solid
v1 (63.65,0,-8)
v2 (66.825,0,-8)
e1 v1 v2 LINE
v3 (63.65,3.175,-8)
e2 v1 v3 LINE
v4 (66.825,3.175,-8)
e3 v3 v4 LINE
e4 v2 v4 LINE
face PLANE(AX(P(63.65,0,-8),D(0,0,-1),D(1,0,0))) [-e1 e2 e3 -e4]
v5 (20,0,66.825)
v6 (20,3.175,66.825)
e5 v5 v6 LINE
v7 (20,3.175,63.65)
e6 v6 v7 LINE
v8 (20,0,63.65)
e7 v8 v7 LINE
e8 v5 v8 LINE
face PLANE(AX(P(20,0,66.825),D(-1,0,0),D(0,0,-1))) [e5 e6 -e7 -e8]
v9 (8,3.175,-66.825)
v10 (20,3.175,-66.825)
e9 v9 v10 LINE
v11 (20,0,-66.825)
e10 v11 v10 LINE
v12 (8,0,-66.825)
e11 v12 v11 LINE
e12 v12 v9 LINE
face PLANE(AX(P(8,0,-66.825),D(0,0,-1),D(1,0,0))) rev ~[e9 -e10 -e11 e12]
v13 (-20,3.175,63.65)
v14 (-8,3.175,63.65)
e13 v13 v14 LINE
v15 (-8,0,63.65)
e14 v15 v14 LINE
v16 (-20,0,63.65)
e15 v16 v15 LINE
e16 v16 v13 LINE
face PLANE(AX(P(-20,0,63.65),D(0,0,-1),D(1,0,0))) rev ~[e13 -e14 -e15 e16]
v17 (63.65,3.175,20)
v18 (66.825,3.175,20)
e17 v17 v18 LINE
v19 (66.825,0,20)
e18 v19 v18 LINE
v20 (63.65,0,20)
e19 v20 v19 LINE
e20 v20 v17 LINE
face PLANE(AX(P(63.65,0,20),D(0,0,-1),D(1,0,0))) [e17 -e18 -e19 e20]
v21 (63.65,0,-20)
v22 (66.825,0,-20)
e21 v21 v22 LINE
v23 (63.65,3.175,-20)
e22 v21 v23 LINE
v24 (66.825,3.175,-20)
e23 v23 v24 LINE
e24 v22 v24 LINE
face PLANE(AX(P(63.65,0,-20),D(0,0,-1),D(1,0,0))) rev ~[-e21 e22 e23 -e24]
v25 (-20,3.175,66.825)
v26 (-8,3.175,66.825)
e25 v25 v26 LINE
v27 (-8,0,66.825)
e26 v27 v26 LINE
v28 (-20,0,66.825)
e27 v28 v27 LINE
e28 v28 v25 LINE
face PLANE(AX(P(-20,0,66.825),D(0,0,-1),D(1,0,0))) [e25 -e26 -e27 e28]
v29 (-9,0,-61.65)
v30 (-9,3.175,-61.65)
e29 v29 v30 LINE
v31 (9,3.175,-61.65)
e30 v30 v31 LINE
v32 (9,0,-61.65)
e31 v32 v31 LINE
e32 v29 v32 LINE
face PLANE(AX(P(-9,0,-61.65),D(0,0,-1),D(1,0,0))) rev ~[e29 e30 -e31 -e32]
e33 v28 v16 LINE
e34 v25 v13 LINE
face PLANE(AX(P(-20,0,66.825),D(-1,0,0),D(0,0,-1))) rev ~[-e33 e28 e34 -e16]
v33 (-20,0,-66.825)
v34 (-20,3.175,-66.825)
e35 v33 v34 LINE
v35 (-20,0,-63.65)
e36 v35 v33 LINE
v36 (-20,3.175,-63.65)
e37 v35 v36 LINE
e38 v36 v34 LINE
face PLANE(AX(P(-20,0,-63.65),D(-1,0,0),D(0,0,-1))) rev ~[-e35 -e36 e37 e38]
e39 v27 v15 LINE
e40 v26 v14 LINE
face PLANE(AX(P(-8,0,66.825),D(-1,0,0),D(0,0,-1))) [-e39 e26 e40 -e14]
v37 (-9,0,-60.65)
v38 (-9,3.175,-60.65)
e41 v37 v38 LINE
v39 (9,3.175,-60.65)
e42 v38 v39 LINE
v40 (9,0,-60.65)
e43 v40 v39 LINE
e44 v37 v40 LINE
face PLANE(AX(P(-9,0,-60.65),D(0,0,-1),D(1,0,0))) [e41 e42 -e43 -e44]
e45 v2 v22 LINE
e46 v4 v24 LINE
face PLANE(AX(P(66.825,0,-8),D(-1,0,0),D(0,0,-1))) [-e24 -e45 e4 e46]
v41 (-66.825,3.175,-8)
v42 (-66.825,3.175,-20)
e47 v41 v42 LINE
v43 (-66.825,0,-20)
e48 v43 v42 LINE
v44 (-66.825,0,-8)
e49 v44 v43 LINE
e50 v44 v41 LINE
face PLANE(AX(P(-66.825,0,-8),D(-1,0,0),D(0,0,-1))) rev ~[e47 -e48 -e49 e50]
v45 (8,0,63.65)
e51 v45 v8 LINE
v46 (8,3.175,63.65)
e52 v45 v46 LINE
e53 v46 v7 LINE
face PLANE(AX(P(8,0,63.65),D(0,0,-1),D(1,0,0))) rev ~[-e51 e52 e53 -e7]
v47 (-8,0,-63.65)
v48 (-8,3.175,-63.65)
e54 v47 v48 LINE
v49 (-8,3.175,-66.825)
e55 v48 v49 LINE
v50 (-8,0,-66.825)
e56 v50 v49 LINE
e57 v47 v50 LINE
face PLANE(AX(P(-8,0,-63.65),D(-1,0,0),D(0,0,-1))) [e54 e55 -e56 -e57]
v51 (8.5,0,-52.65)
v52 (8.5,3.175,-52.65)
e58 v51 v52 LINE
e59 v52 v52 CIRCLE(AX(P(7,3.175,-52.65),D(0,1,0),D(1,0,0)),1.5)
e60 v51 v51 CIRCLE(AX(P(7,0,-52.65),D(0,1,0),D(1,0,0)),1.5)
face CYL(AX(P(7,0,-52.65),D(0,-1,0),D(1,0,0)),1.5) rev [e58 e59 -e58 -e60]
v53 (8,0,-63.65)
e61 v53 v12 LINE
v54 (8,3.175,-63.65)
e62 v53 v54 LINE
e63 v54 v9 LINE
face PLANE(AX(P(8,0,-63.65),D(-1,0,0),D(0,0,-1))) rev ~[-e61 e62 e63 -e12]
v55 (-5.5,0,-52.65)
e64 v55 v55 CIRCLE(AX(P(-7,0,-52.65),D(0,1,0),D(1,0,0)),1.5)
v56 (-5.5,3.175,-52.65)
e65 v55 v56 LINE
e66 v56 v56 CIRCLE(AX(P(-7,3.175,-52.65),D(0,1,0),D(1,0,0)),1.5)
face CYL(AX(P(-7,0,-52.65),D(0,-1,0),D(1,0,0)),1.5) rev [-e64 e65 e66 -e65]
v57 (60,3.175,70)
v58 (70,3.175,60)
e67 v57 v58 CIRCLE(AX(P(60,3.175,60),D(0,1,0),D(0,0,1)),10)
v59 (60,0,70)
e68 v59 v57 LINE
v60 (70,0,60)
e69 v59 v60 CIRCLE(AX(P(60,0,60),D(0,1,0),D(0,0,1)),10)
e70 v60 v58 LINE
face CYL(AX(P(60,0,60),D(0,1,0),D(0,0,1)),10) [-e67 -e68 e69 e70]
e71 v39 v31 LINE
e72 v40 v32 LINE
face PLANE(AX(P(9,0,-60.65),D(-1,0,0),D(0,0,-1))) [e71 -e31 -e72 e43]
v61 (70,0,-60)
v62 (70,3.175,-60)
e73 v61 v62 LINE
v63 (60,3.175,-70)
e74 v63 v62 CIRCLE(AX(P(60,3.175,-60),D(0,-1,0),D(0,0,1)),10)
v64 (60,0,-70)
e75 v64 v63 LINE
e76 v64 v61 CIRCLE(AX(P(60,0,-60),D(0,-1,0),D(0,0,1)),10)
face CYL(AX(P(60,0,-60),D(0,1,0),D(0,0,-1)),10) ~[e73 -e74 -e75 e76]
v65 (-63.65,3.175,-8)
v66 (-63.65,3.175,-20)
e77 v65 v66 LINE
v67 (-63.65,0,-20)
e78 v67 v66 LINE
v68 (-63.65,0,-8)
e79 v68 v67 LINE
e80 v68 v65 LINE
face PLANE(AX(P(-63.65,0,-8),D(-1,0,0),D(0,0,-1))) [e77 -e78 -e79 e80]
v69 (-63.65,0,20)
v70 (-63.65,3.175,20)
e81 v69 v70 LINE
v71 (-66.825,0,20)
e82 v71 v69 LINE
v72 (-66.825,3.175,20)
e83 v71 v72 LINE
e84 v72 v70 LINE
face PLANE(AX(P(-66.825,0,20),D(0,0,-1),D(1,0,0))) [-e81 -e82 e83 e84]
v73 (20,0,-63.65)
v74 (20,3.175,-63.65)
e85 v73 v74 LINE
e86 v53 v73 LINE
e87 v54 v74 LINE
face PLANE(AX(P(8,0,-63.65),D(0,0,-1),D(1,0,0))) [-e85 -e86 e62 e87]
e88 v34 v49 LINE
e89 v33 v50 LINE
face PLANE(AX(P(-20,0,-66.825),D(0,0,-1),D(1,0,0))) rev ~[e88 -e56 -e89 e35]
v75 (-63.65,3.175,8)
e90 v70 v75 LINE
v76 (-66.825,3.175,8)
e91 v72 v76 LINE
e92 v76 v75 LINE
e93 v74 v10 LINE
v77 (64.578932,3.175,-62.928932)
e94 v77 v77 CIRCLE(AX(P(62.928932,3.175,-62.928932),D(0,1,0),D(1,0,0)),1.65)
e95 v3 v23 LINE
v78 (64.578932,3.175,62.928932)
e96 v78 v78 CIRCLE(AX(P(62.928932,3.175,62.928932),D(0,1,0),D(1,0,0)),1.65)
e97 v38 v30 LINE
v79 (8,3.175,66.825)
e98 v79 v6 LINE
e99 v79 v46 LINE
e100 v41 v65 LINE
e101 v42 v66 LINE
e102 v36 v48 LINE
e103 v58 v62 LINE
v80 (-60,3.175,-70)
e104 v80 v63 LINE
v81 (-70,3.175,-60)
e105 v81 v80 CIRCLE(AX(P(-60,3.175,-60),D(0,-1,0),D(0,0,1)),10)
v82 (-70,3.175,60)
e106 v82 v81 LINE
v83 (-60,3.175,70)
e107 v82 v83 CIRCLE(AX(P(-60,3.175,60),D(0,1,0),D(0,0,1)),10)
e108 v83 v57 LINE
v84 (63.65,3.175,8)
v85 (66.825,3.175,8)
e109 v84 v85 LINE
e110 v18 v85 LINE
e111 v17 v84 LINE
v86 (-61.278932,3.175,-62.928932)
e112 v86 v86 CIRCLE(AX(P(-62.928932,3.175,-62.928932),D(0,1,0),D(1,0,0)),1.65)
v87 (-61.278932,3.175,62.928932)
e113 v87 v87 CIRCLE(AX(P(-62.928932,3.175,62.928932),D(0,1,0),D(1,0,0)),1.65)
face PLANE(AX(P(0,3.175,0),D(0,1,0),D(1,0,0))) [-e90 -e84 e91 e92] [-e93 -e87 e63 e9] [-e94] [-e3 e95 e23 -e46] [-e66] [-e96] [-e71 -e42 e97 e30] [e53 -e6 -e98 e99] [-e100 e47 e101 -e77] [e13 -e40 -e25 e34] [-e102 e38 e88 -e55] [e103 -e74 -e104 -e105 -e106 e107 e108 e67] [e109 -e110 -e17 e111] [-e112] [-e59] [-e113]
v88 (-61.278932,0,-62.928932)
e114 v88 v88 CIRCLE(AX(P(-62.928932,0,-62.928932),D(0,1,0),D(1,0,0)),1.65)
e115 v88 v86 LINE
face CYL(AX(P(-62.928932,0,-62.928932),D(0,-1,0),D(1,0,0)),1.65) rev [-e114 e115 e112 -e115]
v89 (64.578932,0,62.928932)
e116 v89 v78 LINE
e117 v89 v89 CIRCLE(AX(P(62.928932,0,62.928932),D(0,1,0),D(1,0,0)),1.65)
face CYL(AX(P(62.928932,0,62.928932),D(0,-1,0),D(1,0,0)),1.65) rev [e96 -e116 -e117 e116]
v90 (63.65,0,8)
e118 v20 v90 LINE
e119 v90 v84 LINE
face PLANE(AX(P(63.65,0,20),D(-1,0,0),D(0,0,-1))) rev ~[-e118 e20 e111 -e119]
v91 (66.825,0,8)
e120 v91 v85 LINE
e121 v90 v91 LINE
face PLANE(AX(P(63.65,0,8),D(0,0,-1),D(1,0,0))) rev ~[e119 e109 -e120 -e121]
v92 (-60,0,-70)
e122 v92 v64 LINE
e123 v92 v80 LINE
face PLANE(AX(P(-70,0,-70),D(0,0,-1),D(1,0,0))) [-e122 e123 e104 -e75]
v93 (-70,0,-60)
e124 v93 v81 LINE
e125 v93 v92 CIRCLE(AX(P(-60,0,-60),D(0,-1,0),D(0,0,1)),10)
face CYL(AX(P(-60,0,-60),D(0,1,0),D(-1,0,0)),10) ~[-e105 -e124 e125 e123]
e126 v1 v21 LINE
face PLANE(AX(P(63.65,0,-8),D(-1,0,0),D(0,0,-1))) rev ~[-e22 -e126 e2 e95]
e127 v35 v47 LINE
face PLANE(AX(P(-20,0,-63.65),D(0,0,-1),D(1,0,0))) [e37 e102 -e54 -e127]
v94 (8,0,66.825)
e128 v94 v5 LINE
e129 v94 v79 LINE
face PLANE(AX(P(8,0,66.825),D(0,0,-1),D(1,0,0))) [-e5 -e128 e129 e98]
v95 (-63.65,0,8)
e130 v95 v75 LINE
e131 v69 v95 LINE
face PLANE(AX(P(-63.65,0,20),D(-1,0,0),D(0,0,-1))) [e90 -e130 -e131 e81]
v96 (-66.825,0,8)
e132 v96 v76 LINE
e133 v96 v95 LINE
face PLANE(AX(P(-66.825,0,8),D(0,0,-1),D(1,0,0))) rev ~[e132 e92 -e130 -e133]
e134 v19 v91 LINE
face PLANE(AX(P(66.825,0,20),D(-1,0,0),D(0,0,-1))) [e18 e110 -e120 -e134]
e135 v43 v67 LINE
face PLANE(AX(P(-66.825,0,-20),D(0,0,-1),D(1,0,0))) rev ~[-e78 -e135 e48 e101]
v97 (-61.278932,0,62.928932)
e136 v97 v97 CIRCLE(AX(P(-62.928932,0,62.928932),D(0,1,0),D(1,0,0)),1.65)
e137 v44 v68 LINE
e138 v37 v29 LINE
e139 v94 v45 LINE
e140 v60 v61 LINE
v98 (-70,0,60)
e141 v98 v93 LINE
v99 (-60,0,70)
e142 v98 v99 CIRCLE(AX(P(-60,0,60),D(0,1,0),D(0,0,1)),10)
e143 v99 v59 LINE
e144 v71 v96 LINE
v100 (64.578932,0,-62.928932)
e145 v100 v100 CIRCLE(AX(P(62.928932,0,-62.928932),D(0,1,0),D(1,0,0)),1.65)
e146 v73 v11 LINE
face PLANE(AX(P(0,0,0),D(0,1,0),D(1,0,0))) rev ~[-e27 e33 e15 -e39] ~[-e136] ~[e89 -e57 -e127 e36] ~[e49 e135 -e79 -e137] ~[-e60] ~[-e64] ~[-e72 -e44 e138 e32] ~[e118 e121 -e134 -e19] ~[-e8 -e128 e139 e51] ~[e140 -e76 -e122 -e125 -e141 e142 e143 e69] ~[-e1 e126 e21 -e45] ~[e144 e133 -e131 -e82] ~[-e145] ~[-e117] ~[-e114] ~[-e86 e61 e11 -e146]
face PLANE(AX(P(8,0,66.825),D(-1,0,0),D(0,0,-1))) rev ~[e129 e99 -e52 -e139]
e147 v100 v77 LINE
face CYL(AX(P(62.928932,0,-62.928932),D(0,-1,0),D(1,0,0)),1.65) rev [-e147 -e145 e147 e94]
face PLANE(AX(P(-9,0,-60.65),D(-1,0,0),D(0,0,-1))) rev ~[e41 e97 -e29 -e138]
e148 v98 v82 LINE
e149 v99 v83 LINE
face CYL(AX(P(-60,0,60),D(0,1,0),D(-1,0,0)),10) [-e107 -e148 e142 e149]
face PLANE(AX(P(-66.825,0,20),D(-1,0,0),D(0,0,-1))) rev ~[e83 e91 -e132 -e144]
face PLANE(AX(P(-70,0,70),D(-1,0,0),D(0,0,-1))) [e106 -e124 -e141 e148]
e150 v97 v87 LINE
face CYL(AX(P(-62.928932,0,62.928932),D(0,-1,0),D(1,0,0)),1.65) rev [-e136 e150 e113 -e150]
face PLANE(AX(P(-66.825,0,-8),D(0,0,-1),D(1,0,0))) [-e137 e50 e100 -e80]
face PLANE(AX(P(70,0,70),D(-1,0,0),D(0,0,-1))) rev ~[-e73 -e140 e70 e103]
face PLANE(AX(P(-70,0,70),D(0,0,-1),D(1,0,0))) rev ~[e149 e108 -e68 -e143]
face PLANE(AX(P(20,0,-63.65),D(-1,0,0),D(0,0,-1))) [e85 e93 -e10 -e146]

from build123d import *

# Parameters (mm, degrees)
SKETCH1_W           = 140
SKETCH1_H           = 140
SKETCH1_R           = 1.65
SKETCH1_R_2         = 1.5
SKETCH1_W_2         = 3.175
SKETCH1_H_2         = 12
SKETCH1_W_3         = 12
SKETCH1_H_3         = 3.175
SKETCH1_W_4         = 18
SKETCH1_H_4         = 1
BOSS_EXTRUDE1_DEPTH = 3.175
FILLET1_R           = 10


with BuildPart() as part:
    # Sketch1 → Boss-Extrude1 (new body)
    with BuildSketch(Plane(origin=(0, 0, 0), x_dir=(1, 0, 0), z_dir=(0, 1, 0))):
        Rectangle(SKETCH1_W, SKETCH1_H)
        with Locations((62.928932188, -62.928932188)):
            Circle(SKETCH1_R, mode=Mode.SUBTRACT)
        with Locations((62.928932188, 62.928932188)):
            Circle(SKETCH1_R, mode=Mode.SUBTRACT)
        with Locations((-62.928932188, -62.928932188)):
            Circle(SKETCH1_R, mode=Mode.SUBTRACT)
        with Locations((-62.928932188, 62.928932188)):
            Circle(SKETCH1_R, mode=Mode.SUBTRACT)
        with Locations((7, 52.65)):
            Circle(SKETCH1_R_2, mode=Mode.SUBTRACT)
        with Locations((-7, 52.65)):
            Circle(SKETCH1_R_2, mode=Mode.SUBTRACT)
        with Locations((-65.2375, -14)):
            Rectangle(SKETCH1_W_2, SKETCH1_H_2, mode=Mode.SUBTRACT)
        with Locations((65.2375, -14)):
            Rectangle(SKETCH1_W_2, SKETCH1_H_2, mode=Mode.SUBTRACT)
        with Locations((14, -65.2375)):
            Rectangle(SKETCH1_W_3, SKETCH1_H_3, mode=Mode.SUBTRACT)
        with Locations((-14, -65.2375)):
            Rectangle(SKETCH1_W_3, SKETCH1_H_3, mode=Mode.SUBTRACT)
        with Locations((65.2375, 14)):
            Rectangle(SKETCH1_W_2, SKETCH1_H_2, mode=Mode.SUBTRACT)
        with Locations((14, 65.2375)):
            Rectangle(SKETCH1_W_3, SKETCH1_H_3, mode=Mode.SUBTRACT)
        with Locations((-14, 65.2375)):
            Rectangle(SKETCH1_W_3, SKETCH1_H_3, mode=Mode.SUBTRACT)
        with Locations((-65.2375, 14)):
            Rectangle(SKETCH1_W_2, SKETCH1_H_2, mode=Mode.SUBTRACT)
        with Locations((0, 61.15)):
            Rectangle(SKETCH1_W_4, SKETCH1_H_4, mode=Mode.SUBTRACT)
    extrude(amount=BOSS_EXTRUDE1_DEPTH)

    # Fillet1
    fillet1_edges = [part.edges().sort_by_distance(p)[0] for p in [
        (70, 1.5875, 70),
        (-70, 1.5875, 70),
        (-70, 1.5875, -70),
        (70, 1.5875, -70),
    ]]
    fillet(fillet1_edges, radius=FILLET1_R)


solid = part.part
